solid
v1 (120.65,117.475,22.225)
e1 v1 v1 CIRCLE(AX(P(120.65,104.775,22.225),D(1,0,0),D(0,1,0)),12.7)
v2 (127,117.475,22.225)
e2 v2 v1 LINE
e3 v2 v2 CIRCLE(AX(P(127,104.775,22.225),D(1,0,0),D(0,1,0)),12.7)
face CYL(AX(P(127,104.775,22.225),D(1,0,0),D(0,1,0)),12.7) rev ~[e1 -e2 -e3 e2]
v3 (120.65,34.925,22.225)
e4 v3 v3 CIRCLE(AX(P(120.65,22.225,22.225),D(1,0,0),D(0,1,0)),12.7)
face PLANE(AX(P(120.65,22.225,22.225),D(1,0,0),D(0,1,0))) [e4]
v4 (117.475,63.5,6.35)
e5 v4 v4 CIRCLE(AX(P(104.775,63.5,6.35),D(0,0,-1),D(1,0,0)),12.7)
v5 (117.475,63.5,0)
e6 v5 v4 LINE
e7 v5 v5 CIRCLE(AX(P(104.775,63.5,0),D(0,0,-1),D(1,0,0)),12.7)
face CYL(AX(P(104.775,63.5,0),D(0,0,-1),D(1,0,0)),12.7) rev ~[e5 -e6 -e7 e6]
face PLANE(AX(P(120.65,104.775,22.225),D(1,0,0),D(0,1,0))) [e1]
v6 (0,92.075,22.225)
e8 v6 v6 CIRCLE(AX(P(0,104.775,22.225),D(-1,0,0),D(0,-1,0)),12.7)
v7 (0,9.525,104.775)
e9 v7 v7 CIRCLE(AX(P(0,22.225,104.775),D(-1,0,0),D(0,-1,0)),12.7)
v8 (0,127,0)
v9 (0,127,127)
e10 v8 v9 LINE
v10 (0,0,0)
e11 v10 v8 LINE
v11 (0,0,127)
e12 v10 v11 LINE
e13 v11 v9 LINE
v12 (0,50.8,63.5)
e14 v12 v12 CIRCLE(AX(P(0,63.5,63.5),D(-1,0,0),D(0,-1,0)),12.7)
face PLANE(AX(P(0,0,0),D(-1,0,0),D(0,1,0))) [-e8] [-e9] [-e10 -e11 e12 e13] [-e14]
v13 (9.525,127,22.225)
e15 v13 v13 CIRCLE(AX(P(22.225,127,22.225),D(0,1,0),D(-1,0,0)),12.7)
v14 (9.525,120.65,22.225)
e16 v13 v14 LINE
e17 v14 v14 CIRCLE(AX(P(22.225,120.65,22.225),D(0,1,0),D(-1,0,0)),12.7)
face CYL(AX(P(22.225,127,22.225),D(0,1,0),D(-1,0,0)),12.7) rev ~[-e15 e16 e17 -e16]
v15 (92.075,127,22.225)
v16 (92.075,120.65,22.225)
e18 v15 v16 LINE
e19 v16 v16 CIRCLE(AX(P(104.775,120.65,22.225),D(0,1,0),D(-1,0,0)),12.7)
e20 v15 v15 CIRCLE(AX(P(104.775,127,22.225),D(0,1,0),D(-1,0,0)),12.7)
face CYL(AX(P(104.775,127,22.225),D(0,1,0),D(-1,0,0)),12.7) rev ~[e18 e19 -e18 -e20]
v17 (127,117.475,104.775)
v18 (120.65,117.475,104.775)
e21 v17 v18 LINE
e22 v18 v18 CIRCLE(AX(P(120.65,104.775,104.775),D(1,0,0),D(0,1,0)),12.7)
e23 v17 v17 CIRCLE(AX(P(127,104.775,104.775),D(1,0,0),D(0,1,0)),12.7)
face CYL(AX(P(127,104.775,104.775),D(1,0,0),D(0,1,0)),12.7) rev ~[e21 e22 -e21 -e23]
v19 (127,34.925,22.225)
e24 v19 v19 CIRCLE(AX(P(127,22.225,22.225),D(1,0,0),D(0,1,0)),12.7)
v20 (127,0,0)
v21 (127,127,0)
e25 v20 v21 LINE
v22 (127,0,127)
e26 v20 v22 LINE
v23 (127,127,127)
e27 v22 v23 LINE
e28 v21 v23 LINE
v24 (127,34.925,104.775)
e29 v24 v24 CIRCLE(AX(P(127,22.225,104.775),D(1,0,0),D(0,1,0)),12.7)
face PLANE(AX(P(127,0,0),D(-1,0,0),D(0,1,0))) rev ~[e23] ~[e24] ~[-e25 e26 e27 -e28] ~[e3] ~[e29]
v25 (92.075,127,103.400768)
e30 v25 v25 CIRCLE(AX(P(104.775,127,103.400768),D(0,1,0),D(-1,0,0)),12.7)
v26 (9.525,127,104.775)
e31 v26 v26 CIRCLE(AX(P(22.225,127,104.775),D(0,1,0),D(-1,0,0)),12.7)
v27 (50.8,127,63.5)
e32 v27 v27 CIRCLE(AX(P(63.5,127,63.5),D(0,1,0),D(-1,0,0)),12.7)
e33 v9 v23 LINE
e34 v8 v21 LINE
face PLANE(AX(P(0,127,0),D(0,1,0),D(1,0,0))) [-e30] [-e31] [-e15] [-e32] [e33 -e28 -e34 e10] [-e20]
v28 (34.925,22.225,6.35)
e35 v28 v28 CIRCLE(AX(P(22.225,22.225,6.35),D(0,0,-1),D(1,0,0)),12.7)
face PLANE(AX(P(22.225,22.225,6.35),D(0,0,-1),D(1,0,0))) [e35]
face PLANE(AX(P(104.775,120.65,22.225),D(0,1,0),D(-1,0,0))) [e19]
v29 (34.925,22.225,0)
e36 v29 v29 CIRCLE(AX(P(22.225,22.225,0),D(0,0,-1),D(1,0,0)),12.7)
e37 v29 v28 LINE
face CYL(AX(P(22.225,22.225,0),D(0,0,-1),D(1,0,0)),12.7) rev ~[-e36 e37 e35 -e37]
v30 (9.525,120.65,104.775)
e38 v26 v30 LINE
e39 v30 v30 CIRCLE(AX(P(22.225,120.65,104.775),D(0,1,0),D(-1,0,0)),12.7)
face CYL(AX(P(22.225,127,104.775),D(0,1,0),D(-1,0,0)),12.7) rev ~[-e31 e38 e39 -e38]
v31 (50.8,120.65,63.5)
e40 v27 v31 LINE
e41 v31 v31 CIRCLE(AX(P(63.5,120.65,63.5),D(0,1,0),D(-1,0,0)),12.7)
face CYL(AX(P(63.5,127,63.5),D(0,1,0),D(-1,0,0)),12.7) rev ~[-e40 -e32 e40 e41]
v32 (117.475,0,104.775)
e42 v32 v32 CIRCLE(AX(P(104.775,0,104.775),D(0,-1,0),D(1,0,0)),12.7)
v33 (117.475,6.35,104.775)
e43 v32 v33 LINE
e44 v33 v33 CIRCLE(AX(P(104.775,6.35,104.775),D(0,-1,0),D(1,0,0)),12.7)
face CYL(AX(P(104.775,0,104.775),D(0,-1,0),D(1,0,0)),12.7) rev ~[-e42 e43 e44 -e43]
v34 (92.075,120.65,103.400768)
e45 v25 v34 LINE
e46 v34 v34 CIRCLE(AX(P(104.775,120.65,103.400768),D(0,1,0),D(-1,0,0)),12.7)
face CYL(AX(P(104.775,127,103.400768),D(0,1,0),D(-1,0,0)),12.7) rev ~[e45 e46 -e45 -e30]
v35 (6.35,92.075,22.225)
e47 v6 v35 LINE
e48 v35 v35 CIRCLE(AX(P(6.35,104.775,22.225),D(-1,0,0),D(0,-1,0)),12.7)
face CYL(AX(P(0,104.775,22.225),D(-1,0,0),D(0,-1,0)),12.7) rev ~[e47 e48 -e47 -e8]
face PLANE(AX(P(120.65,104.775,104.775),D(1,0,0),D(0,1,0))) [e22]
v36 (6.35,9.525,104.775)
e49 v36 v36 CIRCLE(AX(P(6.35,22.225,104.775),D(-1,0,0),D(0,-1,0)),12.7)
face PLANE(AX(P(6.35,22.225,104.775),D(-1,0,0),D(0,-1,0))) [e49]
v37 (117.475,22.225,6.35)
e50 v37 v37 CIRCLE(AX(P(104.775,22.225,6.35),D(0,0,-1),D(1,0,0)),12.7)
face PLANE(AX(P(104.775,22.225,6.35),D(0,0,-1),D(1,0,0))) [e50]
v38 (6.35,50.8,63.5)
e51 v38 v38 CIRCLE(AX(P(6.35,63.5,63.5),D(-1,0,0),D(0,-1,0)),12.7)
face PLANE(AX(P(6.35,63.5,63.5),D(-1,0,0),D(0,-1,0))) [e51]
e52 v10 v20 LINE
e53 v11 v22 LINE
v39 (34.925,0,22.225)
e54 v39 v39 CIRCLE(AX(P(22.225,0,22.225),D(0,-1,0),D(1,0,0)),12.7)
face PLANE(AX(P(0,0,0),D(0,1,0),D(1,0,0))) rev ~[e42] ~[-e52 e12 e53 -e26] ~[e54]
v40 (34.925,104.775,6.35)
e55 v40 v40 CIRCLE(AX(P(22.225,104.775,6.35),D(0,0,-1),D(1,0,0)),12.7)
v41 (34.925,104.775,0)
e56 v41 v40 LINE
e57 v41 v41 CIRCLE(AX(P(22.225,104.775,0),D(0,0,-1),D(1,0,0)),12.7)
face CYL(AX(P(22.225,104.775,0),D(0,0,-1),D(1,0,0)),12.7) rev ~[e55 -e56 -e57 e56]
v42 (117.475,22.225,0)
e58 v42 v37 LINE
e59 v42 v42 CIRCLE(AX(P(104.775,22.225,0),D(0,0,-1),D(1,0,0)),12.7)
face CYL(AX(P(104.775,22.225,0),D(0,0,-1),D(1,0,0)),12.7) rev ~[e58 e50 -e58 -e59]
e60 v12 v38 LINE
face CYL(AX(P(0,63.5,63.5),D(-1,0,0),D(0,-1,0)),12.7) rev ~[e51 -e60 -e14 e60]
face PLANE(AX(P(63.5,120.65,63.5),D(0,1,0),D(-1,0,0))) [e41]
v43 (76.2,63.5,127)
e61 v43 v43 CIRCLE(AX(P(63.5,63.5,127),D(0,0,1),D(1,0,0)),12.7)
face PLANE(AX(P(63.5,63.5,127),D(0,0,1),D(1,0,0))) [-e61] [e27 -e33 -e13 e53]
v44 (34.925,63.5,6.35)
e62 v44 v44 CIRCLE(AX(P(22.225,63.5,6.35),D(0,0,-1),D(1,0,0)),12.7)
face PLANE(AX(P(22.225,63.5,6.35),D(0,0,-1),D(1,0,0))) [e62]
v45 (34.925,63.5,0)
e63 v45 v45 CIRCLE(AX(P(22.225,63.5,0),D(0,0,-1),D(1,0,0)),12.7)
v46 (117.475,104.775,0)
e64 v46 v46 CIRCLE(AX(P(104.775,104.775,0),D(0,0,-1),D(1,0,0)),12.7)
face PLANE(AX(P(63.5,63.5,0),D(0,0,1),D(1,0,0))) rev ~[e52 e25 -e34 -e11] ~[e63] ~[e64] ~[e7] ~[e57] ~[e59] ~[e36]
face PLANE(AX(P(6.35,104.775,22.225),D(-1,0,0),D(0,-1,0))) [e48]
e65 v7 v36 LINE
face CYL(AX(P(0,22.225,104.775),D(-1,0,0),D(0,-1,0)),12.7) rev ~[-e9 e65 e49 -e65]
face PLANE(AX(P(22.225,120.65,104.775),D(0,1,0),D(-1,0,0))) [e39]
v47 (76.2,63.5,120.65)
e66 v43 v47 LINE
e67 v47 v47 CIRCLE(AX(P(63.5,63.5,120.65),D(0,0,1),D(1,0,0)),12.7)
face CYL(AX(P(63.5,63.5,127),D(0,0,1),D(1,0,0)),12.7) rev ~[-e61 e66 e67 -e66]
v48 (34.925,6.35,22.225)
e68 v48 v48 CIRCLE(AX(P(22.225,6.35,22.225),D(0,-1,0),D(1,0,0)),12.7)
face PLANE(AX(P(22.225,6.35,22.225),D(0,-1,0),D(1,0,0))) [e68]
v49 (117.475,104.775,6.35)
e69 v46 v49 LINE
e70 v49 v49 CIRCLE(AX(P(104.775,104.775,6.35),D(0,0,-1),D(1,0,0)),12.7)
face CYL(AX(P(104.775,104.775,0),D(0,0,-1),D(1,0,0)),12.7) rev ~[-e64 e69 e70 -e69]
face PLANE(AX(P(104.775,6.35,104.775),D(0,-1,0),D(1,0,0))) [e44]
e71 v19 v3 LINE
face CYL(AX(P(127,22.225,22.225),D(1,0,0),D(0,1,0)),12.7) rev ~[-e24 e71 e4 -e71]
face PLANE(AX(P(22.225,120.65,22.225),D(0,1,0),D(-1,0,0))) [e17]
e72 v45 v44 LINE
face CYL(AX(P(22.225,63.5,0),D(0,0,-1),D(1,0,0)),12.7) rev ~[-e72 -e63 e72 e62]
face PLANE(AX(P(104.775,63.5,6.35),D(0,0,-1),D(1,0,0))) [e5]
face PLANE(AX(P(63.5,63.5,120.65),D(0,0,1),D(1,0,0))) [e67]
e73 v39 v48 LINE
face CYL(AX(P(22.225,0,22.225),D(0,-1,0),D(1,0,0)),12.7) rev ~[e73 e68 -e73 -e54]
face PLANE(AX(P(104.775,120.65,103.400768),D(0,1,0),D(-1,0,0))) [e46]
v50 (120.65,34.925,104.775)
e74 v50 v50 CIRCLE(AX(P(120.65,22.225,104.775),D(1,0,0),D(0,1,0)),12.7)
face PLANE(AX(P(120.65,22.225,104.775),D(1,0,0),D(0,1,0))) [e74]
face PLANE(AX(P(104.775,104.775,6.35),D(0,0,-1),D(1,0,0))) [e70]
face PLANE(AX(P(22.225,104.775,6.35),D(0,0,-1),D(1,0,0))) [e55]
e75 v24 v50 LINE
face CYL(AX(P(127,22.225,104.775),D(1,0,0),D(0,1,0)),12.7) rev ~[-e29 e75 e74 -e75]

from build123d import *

# Parameters (mm, degrees)
F0_W      = 127
F0_H      = 127
F1_DEPTH  = 127
F2_R      = 12.7
F3_DEPTH  = 6.35
F4_R      = 12.7
F5_DEPTH  = 6.35
F6_R      = 12.7
F7_DEPTH  = 6.35
F8_R      = 12.7
F9_DEPTH  = 6.35
F10_R     = 12.7
F11_DEPTH = 6.35
F12_R     = 12.7
F13_DEPTH = 6.35


with BuildPart() as f1:
    # F0 (on Top) → F1 (new body)
    with BuildSketch(Plane.XY):
        with Locations((63.5, 63.5)):
            Rectangle(F0_W, F0_H)
    extrude(amount=F1_DEPTH)

    # F2 (on face) → F3 (cut)
    with BuildSketch(Plane.XY.offset(127)):
        with Locations((63.5, 63.5)):
            Circle(F2_R)
    extrude(amount=-F3_DEPTH, mode=Mode.SUBTRACT)

    # F4 (on face) → F5 (cut)
    with BuildSketch(Plane.XZ):
        with Locations((22.225, 22.225)):
            Circle(F4_R)
        with Locations((104.775, 104.775)):
            Circle(F4_R)
    extrude(amount=-F5_DEPTH, mode=Mode.SUBTRACT)

    # F6 (on face) → F7 (cut)
    with BuildSketch(Plane(origin=(0, 0, 0), x_dir=(0, -1, 0), z_dir=(-1, 0, 0))):
        with Locations((-104.775, 22.225)):
            Circle(F6_R)
        with Locations((-63.5, 63.5)):
            Circle(F6_R)
        with Locations((-22.225, 104.775)):
            Circle(F6_R)
    extrude(amount=-F7_DEPTH, mode=Mode.SUBTRACT)

    # F8 (on face) → F9 (cut)
    with BuildSketch(Plane.YZ.offset(127)):
        with Locations((22.225, 104.775)):
            Circle(F8_R)
        with Locations((104.775, 104.775)):
            Circle(F8_R)
        with Locations((104.775, 22.225)):
            Circle(F8_R)
        with Locations((22.225, 22.225)):
            Circle(F8_R)
    extrude(amount=-F9_DEPTH, mode=Mode.SUBTRACT)

    # F10 (on face) → F11 (cut)
    with BuildSketch(Plane(origin=(0, 0, 0), x_dir=(1, 0, 0), z_dir=(0, 0, -1))):
        with Locations((22.225, -22.225)):
            Circle(F10_R)
        with Locations((22.225, -104.775)):
            Circle(F10_R)
        with Locations((104.775, -22.225)):
            Circle(F10_R)
        with Locations((104.775, -104.775)):
            Circle(F10_R)
        with Locations((22.225, -63.5)):
            Circle(F10_R)
        with Locations((104.775, -63.5)):
            Circle(F10_R)
    extrude(amount=-F11_DEPTH, mode=Mode.SUBTRACT)

    # F12 (on face) → F13 (cut)
    with BuildSketch(Plane(origin=(0, 127, 0), x_dir=(-1, 0, 0), z_dir=(0, 1, 0))):
        with Locations((-104.775, 103.400768)):
            Circle(F12_R)
        with Locations((-63.5, 63.5)):
            Circle(F12_R)
        with Locations((-22.225, 104.775)):
            Circle(F12_R)
        with Locations((-22.225, 22.225)):
            Circle(F12_R)
        with Locations((-104.775, 22.225)):
            Circle(F12_R)
    extrude(amount=-F13_DEPTH, mode=Mode.SUBTRACT)


solid = f1.part
